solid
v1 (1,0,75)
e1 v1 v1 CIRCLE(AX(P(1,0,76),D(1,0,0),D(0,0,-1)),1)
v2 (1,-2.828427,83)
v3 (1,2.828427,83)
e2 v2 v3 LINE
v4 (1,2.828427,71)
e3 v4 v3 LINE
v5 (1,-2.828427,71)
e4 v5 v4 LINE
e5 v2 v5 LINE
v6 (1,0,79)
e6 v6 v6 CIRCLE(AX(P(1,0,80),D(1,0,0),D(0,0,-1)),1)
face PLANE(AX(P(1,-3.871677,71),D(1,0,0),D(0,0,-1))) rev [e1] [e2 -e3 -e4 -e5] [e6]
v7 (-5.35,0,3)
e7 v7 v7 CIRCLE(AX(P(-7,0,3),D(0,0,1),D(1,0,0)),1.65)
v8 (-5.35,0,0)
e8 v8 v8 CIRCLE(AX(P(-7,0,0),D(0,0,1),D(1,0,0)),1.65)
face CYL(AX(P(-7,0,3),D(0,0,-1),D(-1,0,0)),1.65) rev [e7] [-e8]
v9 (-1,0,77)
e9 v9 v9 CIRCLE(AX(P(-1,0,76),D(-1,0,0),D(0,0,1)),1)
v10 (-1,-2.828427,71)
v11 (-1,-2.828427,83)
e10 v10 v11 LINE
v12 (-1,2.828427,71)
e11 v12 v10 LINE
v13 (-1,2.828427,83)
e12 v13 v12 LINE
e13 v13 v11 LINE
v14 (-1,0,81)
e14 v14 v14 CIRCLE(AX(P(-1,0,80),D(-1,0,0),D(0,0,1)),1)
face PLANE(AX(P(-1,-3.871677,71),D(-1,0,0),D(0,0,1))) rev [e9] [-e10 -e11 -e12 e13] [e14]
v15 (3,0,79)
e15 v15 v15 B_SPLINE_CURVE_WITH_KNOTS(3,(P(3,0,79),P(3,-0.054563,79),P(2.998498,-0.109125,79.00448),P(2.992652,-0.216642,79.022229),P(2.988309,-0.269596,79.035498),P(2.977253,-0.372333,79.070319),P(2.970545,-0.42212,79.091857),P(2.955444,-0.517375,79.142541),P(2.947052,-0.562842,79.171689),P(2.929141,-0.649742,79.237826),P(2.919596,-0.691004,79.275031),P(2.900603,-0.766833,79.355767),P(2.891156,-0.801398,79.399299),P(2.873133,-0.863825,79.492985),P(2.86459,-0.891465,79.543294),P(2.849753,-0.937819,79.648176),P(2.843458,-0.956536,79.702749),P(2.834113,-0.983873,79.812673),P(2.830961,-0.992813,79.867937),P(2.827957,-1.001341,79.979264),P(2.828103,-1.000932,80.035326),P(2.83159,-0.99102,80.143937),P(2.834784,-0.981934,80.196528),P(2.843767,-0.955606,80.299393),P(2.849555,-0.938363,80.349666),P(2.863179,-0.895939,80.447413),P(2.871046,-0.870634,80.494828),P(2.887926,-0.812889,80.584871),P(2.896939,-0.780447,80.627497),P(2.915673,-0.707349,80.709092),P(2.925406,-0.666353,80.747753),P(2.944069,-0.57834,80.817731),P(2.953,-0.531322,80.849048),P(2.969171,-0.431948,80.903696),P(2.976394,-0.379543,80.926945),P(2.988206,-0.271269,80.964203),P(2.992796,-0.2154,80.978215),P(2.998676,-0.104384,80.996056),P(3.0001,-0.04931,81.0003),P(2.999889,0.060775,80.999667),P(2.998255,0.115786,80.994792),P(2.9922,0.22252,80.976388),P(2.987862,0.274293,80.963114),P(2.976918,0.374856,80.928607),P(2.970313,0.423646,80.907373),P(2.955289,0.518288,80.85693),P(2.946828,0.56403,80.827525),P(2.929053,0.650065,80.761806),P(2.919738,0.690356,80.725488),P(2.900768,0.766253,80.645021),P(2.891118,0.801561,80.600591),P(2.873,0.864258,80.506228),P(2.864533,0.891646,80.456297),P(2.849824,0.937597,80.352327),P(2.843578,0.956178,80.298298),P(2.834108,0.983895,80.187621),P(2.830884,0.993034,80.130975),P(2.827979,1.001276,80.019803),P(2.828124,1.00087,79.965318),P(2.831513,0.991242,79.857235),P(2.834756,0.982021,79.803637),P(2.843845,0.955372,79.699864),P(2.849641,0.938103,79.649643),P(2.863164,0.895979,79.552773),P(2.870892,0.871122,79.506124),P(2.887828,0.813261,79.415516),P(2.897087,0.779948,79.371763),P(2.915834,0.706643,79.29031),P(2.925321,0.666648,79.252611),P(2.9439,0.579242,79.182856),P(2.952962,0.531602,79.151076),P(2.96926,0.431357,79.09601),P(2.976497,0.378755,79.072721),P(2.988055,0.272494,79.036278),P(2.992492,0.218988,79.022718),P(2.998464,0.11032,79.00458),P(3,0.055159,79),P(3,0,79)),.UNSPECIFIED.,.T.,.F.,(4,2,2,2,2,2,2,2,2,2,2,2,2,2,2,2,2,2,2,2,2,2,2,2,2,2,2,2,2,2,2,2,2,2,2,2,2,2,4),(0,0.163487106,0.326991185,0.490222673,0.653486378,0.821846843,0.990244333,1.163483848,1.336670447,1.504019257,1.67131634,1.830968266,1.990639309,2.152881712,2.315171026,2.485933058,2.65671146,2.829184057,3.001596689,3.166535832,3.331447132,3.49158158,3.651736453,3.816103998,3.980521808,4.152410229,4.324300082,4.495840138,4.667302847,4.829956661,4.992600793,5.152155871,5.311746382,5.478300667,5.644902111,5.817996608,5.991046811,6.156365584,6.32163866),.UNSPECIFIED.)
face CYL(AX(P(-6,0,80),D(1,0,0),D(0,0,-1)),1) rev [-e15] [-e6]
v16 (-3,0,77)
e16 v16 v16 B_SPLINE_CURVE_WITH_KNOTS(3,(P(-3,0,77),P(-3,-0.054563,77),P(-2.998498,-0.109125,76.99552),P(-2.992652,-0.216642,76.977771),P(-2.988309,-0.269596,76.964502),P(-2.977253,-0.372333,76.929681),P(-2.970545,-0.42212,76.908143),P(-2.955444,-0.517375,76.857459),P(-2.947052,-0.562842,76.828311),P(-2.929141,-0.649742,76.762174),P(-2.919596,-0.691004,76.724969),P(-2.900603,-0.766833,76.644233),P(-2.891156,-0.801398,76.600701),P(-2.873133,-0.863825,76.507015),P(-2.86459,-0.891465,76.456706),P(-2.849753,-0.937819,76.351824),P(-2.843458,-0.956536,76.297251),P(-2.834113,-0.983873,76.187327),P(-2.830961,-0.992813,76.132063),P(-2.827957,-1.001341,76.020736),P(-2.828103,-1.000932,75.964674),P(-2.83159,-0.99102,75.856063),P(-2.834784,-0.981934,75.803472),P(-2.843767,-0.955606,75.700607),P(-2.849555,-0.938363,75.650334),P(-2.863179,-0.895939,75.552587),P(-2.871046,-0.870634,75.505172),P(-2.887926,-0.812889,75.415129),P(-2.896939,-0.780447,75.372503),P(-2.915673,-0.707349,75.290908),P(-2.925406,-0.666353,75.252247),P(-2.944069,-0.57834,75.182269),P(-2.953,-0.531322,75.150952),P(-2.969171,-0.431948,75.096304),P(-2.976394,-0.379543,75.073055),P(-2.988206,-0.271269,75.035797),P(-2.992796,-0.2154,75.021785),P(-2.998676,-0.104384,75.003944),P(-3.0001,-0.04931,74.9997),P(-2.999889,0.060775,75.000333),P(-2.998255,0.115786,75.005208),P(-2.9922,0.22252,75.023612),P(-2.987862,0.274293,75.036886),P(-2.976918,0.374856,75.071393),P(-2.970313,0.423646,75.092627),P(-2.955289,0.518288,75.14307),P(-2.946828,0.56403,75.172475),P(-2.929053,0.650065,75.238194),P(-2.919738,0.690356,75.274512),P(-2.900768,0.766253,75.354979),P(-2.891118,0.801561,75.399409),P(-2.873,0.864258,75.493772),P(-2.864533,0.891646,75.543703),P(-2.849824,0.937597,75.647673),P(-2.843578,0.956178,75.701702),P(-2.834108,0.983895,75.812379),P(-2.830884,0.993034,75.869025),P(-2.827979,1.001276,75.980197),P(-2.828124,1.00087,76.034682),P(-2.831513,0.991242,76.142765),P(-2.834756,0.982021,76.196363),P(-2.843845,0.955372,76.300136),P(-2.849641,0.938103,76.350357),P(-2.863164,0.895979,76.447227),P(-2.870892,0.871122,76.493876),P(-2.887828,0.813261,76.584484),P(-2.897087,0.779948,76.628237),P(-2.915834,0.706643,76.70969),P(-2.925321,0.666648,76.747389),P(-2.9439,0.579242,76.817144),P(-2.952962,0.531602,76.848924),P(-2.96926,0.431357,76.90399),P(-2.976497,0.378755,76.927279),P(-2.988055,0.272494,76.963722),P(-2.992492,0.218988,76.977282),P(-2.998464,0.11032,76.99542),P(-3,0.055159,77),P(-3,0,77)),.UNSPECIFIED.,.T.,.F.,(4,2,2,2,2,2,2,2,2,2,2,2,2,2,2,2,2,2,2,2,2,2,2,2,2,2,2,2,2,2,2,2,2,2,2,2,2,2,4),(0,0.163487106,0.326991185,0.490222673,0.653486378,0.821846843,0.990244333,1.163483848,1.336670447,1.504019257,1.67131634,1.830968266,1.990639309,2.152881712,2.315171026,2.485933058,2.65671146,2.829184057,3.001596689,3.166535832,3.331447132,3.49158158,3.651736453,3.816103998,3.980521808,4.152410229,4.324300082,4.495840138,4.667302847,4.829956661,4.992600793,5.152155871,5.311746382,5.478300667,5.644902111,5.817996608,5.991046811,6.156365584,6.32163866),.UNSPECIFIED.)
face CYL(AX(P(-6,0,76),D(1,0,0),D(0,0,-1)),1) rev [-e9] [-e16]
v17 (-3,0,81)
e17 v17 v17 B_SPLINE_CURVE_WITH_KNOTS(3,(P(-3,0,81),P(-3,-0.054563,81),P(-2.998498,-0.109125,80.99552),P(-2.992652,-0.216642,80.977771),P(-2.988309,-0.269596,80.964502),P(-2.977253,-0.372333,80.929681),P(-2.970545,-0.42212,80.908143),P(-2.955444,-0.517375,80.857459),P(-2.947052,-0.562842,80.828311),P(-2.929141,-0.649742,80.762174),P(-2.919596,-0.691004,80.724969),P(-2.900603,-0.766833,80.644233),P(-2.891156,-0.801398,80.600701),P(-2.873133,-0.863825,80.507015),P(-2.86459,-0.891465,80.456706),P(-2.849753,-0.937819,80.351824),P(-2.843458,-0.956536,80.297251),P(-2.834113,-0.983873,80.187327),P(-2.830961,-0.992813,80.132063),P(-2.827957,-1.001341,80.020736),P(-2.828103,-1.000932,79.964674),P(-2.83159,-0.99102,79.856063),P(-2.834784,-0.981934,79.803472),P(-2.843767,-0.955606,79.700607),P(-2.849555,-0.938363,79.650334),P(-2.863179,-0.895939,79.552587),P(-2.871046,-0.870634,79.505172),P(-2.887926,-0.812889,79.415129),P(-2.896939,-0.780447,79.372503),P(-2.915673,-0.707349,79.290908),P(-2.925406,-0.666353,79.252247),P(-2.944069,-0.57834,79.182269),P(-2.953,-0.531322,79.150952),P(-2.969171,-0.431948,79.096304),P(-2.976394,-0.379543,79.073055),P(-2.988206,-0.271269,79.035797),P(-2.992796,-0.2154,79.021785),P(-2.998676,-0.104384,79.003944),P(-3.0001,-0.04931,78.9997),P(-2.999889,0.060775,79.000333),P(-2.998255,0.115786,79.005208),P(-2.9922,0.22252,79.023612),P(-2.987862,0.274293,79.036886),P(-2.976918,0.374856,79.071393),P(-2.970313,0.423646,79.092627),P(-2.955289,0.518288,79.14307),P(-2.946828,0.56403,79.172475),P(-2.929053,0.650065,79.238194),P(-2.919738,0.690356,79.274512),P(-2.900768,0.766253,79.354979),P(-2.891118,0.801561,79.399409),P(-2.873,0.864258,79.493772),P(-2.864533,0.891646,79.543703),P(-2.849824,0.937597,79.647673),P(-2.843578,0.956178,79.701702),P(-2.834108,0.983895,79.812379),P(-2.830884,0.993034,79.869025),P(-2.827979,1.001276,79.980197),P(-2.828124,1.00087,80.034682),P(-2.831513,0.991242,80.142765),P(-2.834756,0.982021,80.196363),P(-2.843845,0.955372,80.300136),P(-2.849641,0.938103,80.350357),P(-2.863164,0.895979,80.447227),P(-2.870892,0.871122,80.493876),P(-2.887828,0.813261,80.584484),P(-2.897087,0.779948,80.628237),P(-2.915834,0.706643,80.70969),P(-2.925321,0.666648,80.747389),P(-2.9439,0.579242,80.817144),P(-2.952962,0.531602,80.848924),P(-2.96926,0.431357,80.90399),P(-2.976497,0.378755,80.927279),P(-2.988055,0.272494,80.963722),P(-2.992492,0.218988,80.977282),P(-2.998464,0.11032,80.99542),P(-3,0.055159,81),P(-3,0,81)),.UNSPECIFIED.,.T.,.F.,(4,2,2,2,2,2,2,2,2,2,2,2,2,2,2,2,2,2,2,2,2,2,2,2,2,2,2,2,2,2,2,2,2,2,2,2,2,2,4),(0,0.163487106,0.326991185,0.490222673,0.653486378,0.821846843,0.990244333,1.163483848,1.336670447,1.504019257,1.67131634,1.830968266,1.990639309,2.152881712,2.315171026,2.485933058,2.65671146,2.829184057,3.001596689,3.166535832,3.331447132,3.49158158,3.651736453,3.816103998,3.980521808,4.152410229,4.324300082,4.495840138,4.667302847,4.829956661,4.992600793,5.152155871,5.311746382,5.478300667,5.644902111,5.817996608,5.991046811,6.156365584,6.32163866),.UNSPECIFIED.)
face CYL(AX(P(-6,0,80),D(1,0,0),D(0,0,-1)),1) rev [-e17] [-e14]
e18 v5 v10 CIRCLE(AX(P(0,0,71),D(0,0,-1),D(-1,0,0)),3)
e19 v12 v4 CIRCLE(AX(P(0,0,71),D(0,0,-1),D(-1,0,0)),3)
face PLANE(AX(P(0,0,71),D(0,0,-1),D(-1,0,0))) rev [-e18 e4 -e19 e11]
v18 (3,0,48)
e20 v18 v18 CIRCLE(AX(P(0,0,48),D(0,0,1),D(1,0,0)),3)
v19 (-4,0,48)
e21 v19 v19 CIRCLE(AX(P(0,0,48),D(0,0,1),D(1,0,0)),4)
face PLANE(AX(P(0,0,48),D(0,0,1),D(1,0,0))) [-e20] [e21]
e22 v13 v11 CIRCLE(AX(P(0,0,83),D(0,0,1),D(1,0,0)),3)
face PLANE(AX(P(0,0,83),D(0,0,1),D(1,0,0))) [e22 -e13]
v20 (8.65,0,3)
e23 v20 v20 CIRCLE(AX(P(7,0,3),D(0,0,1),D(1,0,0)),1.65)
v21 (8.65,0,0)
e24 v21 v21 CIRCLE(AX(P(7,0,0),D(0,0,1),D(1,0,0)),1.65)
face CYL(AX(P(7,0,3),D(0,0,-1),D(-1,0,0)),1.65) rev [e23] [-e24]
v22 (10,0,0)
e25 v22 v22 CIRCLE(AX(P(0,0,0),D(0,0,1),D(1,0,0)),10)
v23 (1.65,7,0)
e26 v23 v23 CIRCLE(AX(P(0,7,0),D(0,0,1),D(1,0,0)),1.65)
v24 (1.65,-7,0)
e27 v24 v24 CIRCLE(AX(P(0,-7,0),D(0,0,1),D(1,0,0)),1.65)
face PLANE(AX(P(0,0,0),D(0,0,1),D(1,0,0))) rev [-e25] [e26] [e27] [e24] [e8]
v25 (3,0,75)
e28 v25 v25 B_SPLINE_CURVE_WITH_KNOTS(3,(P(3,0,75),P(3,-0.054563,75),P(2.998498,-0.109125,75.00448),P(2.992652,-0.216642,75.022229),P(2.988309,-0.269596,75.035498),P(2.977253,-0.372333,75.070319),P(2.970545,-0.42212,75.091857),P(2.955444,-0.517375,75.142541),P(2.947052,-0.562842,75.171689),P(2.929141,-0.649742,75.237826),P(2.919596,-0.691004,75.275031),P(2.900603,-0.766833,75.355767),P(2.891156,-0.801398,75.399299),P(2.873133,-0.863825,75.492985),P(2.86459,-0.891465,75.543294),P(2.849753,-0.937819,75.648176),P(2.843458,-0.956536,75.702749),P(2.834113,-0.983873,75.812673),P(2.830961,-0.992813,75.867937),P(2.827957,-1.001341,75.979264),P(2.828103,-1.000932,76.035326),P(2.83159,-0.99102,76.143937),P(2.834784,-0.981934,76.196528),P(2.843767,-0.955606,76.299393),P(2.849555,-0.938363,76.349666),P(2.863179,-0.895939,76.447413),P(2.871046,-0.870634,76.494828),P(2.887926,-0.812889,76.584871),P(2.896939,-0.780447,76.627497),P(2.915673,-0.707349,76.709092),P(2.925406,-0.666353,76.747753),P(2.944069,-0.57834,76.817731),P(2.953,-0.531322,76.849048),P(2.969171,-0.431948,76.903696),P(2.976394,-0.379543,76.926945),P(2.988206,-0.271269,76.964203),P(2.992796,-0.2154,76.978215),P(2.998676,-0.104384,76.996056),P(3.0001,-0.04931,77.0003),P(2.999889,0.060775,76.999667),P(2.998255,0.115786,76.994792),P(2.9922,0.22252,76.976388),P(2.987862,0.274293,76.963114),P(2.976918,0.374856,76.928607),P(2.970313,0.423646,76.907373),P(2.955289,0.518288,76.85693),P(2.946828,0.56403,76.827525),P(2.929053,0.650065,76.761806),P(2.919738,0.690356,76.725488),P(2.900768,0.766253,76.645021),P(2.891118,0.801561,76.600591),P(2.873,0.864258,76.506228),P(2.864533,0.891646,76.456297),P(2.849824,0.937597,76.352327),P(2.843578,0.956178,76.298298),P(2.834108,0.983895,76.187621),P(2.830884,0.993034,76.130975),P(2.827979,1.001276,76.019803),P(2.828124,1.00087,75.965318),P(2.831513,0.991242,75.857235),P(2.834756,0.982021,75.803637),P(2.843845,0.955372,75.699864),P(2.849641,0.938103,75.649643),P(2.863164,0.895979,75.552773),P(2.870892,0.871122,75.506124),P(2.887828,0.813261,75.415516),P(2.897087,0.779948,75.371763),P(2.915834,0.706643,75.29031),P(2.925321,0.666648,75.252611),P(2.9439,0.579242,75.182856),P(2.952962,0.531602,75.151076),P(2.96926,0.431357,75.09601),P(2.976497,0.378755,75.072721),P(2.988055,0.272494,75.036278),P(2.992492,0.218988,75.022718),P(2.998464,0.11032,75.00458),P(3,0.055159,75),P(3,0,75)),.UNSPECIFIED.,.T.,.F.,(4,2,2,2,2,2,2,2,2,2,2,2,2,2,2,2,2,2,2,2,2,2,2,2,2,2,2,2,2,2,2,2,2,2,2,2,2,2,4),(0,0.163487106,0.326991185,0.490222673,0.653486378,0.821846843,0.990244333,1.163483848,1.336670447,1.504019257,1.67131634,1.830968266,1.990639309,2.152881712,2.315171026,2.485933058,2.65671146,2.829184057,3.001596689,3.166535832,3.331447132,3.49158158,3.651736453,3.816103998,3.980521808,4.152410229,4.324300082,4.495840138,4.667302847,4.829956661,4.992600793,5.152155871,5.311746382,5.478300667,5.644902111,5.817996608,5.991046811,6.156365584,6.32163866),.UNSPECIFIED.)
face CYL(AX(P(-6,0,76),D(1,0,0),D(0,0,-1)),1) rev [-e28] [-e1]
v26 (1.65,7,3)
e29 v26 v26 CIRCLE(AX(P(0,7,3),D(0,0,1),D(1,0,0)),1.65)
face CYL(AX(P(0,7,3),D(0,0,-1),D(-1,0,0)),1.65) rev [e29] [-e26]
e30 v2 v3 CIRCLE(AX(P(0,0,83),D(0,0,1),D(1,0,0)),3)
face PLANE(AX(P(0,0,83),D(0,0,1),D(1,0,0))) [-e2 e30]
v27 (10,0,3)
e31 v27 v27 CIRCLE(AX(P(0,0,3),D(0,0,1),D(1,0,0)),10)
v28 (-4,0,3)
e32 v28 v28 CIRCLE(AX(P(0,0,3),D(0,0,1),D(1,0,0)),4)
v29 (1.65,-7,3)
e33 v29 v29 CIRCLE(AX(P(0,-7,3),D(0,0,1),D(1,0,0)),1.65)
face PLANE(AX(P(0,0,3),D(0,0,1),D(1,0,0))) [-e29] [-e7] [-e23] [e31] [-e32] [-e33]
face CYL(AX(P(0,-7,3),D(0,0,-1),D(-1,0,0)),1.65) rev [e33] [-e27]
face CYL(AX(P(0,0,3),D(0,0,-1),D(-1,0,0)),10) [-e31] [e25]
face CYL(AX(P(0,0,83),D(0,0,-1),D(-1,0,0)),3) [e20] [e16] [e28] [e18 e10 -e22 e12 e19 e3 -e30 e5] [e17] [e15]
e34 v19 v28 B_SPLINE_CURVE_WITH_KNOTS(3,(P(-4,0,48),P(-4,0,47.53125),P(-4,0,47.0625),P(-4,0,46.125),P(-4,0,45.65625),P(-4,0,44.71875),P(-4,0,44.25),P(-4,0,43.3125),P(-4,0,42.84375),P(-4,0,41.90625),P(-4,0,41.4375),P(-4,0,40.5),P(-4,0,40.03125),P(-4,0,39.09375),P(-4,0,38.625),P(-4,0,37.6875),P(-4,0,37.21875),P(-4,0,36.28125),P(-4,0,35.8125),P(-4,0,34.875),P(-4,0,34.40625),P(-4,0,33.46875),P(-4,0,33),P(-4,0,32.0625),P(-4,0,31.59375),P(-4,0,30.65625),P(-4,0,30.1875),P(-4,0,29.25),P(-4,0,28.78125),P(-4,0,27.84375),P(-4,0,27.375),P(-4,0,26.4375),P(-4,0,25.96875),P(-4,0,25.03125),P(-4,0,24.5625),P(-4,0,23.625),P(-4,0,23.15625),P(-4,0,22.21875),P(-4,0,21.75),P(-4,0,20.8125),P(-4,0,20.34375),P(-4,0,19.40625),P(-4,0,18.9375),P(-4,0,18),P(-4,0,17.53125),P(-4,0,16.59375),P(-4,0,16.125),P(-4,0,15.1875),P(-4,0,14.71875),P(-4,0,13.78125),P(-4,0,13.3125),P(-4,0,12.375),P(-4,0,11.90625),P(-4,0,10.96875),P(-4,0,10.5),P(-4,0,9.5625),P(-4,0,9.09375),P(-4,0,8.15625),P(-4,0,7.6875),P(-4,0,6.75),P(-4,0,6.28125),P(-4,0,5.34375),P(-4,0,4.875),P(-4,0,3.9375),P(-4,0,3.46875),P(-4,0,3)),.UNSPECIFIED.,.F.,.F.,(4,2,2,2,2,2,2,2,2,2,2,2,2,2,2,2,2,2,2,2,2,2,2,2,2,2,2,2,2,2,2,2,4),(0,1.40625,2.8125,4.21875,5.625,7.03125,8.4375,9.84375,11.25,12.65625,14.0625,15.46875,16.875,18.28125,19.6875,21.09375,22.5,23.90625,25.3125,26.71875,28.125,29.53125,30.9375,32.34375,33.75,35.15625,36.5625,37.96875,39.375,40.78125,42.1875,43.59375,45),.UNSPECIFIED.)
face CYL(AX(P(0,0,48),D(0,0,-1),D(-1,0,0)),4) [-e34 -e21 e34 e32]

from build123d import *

# Parameters (mm, degrees)
SKETCH_1_R          = 10
SKETCH_1_R_2        = 1.65
EXTRUDE_1_DEPTH     = 3
SKETCH_2_R          = 3
EXTRUDE_2_DEPTH     = 80
SKETCH_3_W          = 2
SKETCH_3_H          = 7.743354912
CUT_EXTRUDE_1_DEPTH = 12
SKETCH_5_R          = 1
CUT_EXTRUDE_2_DEPTH = 5
SKETCH_6_R          = 4
EXTRUDE_3_DEPTH     = 45


with BuildPart() as part:
    # 草图1 → 凸台-拉伸1 (new body)
    with BuildSketch(Plane.XY):
        Circle(SKETCH_1_R)
        with Locations((0, 7)):
            Circle(SKETCH_1_R_2, mode=Mode.SUBTRACT)
        with Locations((7, 0)):
            Circle(SKETCH_1_R_2, mode=Mode.SUBTRACT)
        with Locations((0, -7)):
            Circle(SKETCH_1_R_2, mode=Mode.SUBTRACT)
        with Locations((-7, 0)):
            Circle(SKETCH_1_R_2, mode=Mode.SUBTRACT)
    extrude(amount=EXTRUDE_1_DEPTH)

    # 草图2 → 凸台-拉伸2 (add)
    with BuildSketch(Plane.XY.offset(3)):
        Circle(SKETCH_2_R)
    extrude(amount=EXTRUDE_2_DEPTH)

    # 草图3 → 切除-拉伸1 (cut)
    with BuildSketch(Plane.XY.offset(83)):
        Rectangle(SKETCH_3_W, SKETCH_3_H)
    extrude(amount=-CUT_EXTRUDE_1_DEPTH, mode=Mode.SUBTRACT)

    # 草图5 → 切除-拉伸2 (cut, symmetric)
    with BuildSketch(Plane(origin=(-1, 0, 0), x_dir=(0, 0, -1), z_dir=(1, 0, 0))):
        with Locations(Location((-80, 0, 0), (0, 0, 180))):
            Circle(SKETCH_5_R)
        with Locations(Location((-76, 0, 0), (0, 0, 180))):
            Circle(SKETCH_5_R)
    extrude(amount=CUT_EXTRUDE_2_DEPTH, both=True, mode=Mode.SUBTRACT)

    # 草图6 → 凸台-拉伸3 (add)
    with BuildSketch(Plane.XY.offset(3)):
        with Locations(Location((0, 0, 0), (0, 0, 180))):
            Circle(SKETCH_6_R)
    extrude(amount=EXTRUDE_3_DEPTH)


solid = part.part
